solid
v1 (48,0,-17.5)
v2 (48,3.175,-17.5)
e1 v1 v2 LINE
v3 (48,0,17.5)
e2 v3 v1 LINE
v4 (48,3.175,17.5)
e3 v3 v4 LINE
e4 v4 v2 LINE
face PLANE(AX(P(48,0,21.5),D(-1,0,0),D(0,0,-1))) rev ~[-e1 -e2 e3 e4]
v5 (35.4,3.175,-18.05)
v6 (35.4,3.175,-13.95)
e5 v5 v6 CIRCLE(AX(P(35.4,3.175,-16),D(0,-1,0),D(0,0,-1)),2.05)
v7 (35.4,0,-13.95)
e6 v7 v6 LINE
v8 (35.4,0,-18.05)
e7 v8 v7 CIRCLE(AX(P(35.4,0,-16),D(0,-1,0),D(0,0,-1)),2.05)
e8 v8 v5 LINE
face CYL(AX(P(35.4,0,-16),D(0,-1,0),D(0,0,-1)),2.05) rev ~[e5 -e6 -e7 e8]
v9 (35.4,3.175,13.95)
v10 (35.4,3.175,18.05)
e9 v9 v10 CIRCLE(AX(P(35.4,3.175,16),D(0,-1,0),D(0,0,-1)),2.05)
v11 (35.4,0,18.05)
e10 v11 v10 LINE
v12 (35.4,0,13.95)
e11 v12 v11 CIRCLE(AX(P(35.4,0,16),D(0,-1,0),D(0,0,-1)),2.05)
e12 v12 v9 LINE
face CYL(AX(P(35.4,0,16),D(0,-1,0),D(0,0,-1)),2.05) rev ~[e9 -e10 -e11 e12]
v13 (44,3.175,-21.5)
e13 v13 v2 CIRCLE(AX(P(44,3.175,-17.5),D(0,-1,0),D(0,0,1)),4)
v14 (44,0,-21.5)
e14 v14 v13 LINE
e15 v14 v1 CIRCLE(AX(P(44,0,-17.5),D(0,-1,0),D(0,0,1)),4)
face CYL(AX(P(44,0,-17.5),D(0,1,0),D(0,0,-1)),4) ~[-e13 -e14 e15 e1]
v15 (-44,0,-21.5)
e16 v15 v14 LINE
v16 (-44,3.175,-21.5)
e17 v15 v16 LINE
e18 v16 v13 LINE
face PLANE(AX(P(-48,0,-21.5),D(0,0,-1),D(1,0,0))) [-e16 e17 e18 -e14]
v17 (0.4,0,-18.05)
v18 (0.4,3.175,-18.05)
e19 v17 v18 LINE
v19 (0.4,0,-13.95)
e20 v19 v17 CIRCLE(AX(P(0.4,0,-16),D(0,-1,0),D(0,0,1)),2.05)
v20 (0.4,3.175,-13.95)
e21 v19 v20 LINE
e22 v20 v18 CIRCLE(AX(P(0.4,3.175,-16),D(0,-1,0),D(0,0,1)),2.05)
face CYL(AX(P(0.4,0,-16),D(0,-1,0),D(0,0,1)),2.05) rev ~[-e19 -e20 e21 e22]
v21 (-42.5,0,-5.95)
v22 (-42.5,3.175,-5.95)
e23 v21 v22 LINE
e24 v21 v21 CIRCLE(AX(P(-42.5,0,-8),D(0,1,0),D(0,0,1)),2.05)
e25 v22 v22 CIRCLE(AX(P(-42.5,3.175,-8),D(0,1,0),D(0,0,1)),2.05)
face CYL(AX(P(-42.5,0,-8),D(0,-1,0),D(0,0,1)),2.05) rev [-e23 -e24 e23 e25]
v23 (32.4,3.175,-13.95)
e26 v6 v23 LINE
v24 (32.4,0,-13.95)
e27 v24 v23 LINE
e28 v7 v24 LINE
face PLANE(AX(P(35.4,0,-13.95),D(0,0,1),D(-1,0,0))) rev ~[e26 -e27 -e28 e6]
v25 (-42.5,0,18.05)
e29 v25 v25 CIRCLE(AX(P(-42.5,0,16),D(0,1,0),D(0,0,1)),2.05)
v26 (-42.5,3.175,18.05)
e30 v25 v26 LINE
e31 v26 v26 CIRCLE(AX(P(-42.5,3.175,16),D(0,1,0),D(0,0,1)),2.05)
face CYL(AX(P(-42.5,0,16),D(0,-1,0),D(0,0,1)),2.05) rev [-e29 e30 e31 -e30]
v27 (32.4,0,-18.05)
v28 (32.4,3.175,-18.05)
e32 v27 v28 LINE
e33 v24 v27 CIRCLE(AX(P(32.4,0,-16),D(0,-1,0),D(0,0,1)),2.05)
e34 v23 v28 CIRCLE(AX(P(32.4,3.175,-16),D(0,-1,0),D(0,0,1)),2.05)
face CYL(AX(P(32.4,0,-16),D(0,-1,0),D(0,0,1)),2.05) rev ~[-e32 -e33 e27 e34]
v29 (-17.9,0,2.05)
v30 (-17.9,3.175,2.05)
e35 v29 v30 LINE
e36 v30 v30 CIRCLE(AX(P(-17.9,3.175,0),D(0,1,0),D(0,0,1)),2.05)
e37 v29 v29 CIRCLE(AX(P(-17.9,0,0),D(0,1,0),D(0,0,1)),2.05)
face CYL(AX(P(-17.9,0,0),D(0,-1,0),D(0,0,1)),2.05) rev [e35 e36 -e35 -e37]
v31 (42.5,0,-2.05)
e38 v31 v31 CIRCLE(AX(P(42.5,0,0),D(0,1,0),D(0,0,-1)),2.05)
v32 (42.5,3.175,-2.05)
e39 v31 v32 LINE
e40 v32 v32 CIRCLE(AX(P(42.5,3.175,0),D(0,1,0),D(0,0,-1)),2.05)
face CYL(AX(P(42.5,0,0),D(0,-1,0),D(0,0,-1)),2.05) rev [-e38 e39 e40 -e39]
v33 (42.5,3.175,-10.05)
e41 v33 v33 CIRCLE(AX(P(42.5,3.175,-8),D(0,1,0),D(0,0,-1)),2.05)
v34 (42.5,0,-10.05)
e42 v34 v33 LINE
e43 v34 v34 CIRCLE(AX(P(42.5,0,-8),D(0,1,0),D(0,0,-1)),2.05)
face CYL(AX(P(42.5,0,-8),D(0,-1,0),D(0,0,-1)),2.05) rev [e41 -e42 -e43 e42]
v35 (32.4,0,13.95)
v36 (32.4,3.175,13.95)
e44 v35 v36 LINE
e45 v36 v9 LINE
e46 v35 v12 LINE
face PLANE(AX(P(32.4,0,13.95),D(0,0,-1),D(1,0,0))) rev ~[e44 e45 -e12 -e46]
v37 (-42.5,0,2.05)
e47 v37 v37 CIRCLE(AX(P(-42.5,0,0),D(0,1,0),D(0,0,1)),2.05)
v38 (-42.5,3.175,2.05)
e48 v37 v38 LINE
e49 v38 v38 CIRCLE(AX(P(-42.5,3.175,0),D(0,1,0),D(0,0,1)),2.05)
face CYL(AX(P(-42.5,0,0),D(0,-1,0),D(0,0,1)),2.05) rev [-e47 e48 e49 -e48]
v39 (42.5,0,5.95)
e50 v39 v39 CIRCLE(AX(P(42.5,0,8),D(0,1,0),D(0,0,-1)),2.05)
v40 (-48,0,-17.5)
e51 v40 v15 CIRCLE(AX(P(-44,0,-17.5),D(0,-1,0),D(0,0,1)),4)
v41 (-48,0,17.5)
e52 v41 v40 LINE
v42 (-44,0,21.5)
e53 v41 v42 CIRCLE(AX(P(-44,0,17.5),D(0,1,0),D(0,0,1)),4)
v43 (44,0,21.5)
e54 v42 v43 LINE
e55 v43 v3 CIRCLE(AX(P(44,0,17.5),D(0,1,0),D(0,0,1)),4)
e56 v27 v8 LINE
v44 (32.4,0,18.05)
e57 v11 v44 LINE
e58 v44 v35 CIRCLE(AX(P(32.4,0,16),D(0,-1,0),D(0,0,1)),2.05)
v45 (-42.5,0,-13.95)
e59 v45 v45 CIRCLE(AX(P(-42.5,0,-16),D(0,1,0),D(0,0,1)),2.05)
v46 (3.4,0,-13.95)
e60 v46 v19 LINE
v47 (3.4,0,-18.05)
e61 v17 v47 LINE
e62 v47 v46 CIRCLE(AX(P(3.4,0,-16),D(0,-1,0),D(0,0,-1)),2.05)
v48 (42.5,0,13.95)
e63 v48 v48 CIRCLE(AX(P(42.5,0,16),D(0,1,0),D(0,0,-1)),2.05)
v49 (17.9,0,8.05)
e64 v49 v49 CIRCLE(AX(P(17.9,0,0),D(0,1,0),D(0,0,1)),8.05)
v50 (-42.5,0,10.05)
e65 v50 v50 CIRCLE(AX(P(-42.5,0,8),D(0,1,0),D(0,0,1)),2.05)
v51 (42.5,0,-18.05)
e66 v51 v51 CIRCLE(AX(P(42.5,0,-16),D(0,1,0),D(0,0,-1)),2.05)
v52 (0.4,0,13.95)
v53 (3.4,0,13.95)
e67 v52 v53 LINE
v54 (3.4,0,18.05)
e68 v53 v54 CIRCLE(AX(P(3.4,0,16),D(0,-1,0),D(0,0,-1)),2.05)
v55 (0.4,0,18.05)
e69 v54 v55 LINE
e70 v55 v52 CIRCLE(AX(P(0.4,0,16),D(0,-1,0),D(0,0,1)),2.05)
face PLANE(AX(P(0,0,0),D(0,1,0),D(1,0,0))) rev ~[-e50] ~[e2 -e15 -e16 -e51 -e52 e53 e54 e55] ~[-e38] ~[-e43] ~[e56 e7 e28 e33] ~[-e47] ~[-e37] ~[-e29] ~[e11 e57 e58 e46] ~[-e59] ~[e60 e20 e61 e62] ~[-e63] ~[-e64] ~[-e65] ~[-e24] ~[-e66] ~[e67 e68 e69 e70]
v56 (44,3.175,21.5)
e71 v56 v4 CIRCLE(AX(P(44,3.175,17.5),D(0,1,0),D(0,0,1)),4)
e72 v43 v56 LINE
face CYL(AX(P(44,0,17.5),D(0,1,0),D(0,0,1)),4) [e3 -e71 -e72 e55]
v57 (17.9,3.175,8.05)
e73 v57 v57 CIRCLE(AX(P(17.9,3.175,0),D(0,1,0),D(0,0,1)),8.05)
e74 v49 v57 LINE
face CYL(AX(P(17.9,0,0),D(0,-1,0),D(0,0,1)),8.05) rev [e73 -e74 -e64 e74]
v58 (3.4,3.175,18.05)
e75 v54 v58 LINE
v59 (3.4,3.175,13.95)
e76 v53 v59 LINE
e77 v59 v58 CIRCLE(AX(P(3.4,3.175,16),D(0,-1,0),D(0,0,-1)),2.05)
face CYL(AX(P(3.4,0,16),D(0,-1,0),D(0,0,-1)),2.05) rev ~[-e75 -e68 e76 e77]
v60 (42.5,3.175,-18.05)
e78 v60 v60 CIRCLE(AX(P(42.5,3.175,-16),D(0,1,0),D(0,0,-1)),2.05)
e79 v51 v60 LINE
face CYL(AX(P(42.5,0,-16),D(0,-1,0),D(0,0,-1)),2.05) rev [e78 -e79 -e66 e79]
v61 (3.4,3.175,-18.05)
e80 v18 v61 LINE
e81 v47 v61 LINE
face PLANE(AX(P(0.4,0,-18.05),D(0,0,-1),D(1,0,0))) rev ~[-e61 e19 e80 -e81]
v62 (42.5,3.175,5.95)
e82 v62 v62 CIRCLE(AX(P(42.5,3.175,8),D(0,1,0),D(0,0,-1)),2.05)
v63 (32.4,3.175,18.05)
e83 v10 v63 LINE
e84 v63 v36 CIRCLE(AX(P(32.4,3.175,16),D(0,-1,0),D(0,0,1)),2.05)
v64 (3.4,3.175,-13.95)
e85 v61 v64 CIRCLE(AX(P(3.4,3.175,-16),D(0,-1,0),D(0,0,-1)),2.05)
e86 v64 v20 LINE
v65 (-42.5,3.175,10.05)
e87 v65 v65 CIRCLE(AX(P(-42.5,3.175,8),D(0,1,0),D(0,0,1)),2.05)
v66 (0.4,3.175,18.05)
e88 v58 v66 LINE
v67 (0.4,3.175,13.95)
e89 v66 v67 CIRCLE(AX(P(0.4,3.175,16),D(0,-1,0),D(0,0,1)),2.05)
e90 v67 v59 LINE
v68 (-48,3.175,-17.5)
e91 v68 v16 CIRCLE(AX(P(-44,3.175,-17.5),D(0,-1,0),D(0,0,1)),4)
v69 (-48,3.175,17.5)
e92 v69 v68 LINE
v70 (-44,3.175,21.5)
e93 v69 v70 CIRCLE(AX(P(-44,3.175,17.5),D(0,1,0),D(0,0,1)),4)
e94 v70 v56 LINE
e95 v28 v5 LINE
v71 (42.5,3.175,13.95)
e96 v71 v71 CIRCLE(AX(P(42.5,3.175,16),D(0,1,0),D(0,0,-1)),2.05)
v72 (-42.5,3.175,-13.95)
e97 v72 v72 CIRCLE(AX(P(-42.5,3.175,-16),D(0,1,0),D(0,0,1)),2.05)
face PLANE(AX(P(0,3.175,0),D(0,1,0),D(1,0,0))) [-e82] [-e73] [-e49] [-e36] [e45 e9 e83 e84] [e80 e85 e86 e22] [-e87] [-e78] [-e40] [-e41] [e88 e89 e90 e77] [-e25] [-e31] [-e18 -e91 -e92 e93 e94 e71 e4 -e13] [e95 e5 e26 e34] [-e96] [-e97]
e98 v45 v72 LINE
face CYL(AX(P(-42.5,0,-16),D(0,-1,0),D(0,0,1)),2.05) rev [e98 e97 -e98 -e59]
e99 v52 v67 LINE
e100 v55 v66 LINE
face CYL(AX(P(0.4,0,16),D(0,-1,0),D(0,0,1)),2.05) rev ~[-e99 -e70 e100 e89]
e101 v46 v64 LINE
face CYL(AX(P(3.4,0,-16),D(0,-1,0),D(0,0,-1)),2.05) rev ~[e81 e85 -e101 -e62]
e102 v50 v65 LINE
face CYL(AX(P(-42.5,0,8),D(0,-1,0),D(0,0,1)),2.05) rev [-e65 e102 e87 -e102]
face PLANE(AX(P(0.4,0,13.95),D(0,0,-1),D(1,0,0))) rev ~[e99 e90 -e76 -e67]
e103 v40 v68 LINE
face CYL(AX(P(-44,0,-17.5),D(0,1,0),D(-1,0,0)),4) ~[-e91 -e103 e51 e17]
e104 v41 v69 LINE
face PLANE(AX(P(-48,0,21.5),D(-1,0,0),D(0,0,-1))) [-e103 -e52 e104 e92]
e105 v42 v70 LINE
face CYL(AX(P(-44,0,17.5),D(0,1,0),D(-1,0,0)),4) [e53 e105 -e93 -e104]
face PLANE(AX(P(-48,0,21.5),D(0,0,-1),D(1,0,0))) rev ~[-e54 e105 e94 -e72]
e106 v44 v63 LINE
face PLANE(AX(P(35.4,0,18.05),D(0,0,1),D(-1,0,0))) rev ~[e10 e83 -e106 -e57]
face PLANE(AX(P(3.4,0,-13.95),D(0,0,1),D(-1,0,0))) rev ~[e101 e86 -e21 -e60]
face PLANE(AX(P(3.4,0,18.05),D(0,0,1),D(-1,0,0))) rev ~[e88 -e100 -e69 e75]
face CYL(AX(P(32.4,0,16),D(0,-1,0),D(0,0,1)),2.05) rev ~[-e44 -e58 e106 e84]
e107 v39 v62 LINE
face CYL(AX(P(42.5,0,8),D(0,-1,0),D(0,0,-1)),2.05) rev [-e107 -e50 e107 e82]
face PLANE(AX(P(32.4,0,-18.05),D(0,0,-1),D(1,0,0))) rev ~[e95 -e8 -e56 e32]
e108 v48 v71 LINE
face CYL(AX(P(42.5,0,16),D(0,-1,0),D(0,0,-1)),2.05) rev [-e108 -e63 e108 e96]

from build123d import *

# Parameters (mm, degrees)
SKETCH1_W           = 96
SKETCH1_H           = 43
SKETCH1_R           = 8.05
SKETCH1_R_2         = 2.05
BOSS_EXTRUDE1_DEPTH = 3.175
FILLET1_R           = 4


with BuildPart() as part:
    # Sketch1 → Boss-Extrude1 (new body)
    with BuildSketch(Plane(origin=(0, 0, 0), x_dir=(1, 0, 0), z_dir=(0, 1, 0))):
        Rectangle(SKETCH1_W, SKETCH1_H)
        with Locations(Location((17.9, 0, 0), (0, 0, 270))):
            Circle(SKETCH1_R, mode=Mode.SUBTRACT)
        with Locations(Location((-17.9, 0, 0), (0, 0, 270))):
            Circle(SKETCH1_R_2, mode=Mode.SUBTRACT)
        with Locations(Location((-42.5, 16, 0), (0, 0, 270))):
            Circle(SKETCH1_R_2, mode=Mode.SUBTRACT)
        with Locations(Location((-42.5, 8, 0), (0, 0, 270))):
            Circle(SKETCH1_R_2, mode=Mode.SUBTRACT)
        with Locations(Location((-42.5, 0, 0), (0, 0, 270))):
            Circle(SKETCH1_R_2, mode=Mode.SUBTRACT)
        with Locations(Location((-42.5, -8, 0), (0, 0, 270))):
            Circle(SKETCH1_R_2, mode=Mode.SUBTRACT)
        with Locations(Location((-42.5, -16, 0), (0, 0, 270))):
            Circle(SKETCH1_R_2, mode=Mode.SUBTRACT)
        with Locations(Location((42.5, 16, 0), (0, 0, 90))):
            Circle(SKETCH1_R_2, mode=Mode.SUBTRACT)
        with Locations(Location((42.5, 8, 0), (0, 0, 90))):
            Circle(SKETCH1_R_2, mode=Mode.SUBTRACT)
        with Locations(Location((42.5, 0, 0), (0, 0, 90))):
            Circle(SKETCH1_R_2, mode=Mode.SUBTRACT)
        with Locations(Location((42.5, -8, 0), (0, 0, 90))):
            Circle(SKETCH1_R_2, mode=Mode.SUBTRACT)
        with Locations(Location((42.5, -16, 0), (0, 0, 90))):
            Circle(SKETCH1_R_2, mode=Mode.SUBTRACT)
        with BuildLine():
            Line((0.4, 18.05), (3.4, 18.05))
            ThreePointArc((3.4, 18.05), (5.45, 16), (3.4, 13.95))
            Line((3.4, 13.95), (0.4, 13.95))
            ThreePointArc((0.4, 13.95), (-1.65, 16), (0.4, 18.05))
        make_face(mode=Mode.SUBTRACT)
        with BuildLine():
            Line((0.4, -13.95), (3.4, -13.95))
            ThreePointArc((3.4, -13.95), (5.45, -16), (3.4, -18.05))
            Line((3.4, -18.05), (0.4, -18.05))
            ThreePointArc((0.4, -18.05), (-1.65, -16), (0.4, -13.95))
        make_face(mode=Mode.SUBTRACT)
        with BuildLine():
            Line((35.4, -18.05), (32.4, -18.05))
            ThreePointArc((32.4, -18.05), (30.35, -16), (32.4, -13.95))
            Line((32.4, -13.95), (35.4, -13.95))
            ThreePointArc((35.4, -13.95), (37.45, -16), (35.4, -18.05))
        make_face(mode=Mode.SUBTRACT)
        with BuildLine():
            Line((35.4, 13.95), (32.4, 13.95))
            ThreePointArc((32.4, 13.95), (30.35, 16), (32.4, 18.05))
            Line((32.4, 18.05), (35.4, 18.05))
            ThreePointArc((35.4, 18.05), (37.45, 16), (35.4, 13.95))
        make_face(mode=Mode.SUBTRACT)
    extrude(amount=BOSS_EXTRUDE1_DEPTH)

    # Fillet1
    fillet1_edges = [part.edges().sort_by_distance(p)[0] for p in [
        (-48, 1.5875, -21.5),
        (48, 1.5875, -21.5),
        (48, 1.5875, 21.5),
        (-48, 1.5875, 21.5),
    ]]
    fillet(fillet1_edges, radius=FILLET1_R)


solid = part.part
